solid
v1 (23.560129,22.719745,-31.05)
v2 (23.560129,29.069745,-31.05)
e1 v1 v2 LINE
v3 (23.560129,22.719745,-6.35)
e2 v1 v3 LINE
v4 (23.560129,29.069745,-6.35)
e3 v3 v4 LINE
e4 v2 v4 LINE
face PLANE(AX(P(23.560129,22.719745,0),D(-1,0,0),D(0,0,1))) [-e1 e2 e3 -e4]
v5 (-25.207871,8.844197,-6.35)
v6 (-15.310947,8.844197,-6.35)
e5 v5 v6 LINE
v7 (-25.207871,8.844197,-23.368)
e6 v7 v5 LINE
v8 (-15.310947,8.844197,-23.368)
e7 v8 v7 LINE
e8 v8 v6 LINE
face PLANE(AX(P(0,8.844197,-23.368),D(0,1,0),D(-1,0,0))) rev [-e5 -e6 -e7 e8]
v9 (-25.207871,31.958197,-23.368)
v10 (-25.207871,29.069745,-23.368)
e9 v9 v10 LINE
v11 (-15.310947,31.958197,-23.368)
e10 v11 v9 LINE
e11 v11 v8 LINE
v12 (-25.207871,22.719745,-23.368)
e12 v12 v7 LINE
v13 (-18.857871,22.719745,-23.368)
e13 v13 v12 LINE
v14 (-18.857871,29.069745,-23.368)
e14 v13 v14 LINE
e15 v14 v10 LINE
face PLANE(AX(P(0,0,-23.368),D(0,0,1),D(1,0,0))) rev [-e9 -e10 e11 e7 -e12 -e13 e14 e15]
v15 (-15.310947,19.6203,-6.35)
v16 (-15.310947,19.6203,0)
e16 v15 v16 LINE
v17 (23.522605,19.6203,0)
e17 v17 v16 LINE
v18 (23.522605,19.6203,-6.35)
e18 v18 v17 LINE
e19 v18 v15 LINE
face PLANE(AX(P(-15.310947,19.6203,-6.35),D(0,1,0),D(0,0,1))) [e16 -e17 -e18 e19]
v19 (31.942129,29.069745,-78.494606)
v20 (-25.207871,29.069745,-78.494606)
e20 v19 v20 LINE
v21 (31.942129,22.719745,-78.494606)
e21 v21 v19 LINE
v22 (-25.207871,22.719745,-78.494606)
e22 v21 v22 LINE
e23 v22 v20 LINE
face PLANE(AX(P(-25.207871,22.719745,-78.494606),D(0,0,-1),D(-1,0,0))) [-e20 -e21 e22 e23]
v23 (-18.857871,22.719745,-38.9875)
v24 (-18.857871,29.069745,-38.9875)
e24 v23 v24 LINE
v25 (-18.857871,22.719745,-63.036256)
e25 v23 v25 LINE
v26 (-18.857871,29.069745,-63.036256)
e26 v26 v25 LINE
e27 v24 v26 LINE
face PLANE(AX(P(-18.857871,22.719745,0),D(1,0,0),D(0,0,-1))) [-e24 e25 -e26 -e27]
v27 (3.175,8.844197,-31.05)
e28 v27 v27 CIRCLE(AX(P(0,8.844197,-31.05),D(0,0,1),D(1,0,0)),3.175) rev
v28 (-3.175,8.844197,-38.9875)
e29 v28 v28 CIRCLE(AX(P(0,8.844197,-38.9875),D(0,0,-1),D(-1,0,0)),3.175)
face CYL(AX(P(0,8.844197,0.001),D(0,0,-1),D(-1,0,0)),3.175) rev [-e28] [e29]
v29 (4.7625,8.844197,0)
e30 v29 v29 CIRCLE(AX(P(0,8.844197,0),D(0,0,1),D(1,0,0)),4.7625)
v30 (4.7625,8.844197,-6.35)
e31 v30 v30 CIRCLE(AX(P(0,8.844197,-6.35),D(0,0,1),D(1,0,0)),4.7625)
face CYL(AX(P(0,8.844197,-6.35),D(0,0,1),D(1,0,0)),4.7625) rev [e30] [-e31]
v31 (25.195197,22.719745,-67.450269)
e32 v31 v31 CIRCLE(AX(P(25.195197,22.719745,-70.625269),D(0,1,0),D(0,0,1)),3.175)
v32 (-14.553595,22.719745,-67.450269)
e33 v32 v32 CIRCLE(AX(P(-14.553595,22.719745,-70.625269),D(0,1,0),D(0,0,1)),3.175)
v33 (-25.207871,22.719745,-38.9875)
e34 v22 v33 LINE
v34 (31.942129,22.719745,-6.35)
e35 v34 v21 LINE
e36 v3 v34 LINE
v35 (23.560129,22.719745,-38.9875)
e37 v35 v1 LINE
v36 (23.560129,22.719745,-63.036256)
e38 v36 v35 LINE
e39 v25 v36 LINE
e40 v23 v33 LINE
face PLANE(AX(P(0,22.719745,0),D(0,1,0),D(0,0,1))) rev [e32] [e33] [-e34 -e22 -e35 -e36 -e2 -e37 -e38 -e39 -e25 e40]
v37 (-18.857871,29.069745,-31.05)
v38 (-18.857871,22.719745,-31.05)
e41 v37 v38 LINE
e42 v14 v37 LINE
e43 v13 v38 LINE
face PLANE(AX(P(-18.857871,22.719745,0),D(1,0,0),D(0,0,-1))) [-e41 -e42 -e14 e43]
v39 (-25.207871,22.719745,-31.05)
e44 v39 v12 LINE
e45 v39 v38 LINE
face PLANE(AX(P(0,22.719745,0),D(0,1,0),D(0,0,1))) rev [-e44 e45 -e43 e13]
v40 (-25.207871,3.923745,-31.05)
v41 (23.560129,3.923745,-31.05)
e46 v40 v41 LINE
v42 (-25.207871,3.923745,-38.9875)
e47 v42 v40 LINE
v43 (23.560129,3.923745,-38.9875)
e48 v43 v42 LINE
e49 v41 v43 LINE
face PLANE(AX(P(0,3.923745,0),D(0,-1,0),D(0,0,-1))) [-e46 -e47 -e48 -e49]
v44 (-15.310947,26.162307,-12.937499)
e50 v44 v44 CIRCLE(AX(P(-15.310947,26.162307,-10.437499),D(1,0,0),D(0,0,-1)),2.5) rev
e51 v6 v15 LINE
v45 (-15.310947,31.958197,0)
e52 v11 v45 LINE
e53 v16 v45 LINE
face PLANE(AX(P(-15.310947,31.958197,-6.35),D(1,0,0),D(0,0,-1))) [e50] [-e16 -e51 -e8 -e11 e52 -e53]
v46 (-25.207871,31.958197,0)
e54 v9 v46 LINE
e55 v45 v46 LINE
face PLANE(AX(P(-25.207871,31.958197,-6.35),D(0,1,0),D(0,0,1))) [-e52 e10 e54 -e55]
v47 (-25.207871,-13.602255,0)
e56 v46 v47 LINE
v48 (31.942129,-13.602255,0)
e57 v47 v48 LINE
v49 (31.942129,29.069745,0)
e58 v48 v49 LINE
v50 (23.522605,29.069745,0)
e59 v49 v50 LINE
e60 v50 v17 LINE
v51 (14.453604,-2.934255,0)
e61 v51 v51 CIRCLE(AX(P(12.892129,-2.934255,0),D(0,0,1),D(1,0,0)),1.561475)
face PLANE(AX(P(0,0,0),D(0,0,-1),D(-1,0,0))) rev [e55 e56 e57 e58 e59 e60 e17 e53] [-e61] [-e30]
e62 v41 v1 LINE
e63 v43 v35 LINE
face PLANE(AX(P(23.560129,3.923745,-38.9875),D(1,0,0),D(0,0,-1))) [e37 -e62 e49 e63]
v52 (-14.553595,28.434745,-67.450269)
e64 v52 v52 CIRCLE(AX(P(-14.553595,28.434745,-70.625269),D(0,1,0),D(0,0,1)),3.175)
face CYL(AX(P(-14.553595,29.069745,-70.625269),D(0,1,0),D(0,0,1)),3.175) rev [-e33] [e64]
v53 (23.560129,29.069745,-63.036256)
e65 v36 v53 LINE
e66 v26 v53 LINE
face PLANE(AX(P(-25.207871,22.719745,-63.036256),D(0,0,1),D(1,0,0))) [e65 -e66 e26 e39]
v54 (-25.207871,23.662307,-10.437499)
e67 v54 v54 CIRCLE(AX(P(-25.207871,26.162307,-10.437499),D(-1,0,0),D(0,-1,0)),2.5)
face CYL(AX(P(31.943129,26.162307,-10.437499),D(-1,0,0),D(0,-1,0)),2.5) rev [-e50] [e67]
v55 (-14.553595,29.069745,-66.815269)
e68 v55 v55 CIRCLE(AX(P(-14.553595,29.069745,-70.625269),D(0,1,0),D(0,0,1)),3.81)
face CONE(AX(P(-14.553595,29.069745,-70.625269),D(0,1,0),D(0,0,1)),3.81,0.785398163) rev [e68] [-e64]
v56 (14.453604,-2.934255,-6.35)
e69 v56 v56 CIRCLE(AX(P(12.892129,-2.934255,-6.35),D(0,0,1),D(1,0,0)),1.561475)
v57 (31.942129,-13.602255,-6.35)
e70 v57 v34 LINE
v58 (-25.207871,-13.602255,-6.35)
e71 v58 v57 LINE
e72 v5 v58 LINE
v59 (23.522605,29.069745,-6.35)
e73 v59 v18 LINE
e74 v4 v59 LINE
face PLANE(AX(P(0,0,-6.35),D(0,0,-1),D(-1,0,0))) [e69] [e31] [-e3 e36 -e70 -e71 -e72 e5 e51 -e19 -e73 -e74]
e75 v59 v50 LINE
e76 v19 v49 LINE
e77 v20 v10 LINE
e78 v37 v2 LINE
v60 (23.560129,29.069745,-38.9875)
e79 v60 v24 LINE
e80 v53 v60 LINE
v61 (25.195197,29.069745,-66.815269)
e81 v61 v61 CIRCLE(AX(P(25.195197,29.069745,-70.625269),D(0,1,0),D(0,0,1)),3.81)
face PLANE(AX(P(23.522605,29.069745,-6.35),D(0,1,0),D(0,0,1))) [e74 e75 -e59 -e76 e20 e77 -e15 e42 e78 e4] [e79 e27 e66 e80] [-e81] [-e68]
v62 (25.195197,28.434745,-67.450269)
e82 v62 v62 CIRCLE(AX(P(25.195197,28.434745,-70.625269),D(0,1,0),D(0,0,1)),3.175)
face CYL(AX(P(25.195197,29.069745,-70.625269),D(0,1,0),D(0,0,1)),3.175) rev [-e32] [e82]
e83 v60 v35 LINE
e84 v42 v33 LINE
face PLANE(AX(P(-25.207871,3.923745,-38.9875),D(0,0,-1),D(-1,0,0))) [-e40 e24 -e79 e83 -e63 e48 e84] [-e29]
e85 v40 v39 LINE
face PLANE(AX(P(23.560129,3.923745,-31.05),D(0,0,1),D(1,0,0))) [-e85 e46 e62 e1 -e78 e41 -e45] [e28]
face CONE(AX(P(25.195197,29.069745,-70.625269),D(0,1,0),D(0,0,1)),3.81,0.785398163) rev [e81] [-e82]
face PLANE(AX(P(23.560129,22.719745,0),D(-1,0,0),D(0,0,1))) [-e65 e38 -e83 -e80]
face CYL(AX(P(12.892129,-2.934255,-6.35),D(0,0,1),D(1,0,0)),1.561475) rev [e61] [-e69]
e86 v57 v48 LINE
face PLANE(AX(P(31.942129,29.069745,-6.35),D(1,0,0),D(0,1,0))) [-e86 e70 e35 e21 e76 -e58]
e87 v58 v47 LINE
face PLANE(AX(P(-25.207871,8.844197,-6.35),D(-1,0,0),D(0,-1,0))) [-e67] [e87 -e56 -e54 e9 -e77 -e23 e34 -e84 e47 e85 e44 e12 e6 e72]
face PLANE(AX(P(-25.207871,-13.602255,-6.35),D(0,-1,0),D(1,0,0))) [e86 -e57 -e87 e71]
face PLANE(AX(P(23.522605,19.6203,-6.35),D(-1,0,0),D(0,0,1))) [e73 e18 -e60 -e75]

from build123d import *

# Parameters (mm, degrees)
SKETCH1_R                             = 1.561475409
SKETCH1_R_2                           = 4.762499999
BOSS_EXTRUDE1_DEPTH                   = 6.35
BOSS_EXTRUDE2_DEPTH                   = 23.368
SKETCH3_W                             = 6.35
SKETCH3_H                             = 76.2
SKETCH3_W_2                           = 8.382
BOSS_EXTRUDE3_DEPTH                   = 6.35
CUT_EXTRUDE1_REACH                    = 102.468
SKETCH4_R                             = 2.5
SKETCH5_W                             = 57.15
SKETCH5_H                             = 15.458350333
BOSS_EXTRUDE4_DEPTH                   = 6.35
F_1_4_0_25_DIAMETER_HOLE1_D           = 6.35
F_1_4_0_25_DIAMETER_HOLE1_CSINK_D     = 7.62
F_1_4_0_25_DIAMETER_HOLE1_CSINK_ANGLE = 90
SKETCH8_W                             = 48.768
SKETCH8_H                             = 7.9375
BOSS_EXTRUDE5_DEPTH                   = 25.146
CUT_EXTRUDE2_REACH                    = 62.02
SKETCH10_R                            = 3.175


with BuildPart() as part:
    # Sketch1 → Boss-Extrude1 (new body)
    with BuildSketch(Plane.XY):
        Polygon((23.52260518, 29.069744957), (31.942128684, 29.069744957), (31.942128684, -13.602255043), (-25.207871316, -13.602255043), (-25.207871316, 8.844196721), (-25.207871316, 31.958196721), (-18.857871316, 31.958196721), (-15.310946905, 31.958196721), (-15.310946905, 22.656471706), (-15.310946905, 19.620299994), (23.52260518, 19.620299994), (23.52260518, 22.656471706), align=None)
        with Locations((12.892128684, -2.934255043)):
            Circle(SKETCH1_R, mode=Mode.SUBTRACT)
        with Locations((6.7e-08, 8.844196721)):
            Circle(SKETCH1_R_2, mode=Mode.SUBTRACT)
    extrude(amount=-BOSS_EXTRUDE1_DEPTH)

    # Sketch2 → Boss-Extrude2 (add)
    with BuildSketch(Plane.XY):
        Polygon((-15.310946905, 31.958196721), (-18.857871316, 31.958196721), (-25.207871316, 31.958196721), (-25.207871316, 8.844196721), (-18.857871316, 8.844196721), (-15.310946905, 8.844196721), (-15.310946905, 19.620299994), align=None)
    extrude(amount=-BOSS_EXTRUDE2_DEPTH)

    # Sketch3 → Boss-Extrude3 (add)
    with BuildSketch(Plane(origin=(0, 29.069744957, 0), x_dir=(1, 0, 0), z_dir=(0, 1, 0))):
        with Locations((-22.032871316, 38.1)):
            Rectangle(SKETCH3_W, SKETCH3_H)
        with Locations((27.751128684, 38.1)):
            Rectangle(SKETCH3_W_2, SKETCH3_H)
    extrude(amount=-BOSS_EXTRUDE3_DEPTH)

    # Sketch4 → Cut-Extrude1 (cut, up to next)
    with BuildSketch(Plane.ZY.offset(25.207871316), mode=Mode.PRIVATE) as cut_extrude1_sk1:
        with Locations(Location((-10.437499124, 26.162307082, 0), (0, 0, 270))):
            Circle(SKETCH4_R)
    cut_extrude1_tool1 = extrude(cut_extrude1_sk1.sketch, amount=-CUT_EXTRUDE1_REACH, mode=Mode.PRIVATE) & part.part
    add(cut_extrude1_tool1.solids().sort_by_distance((-25.207871, 26.162307, -10.437499))[0], mode=Mode.SUBTRACT)

    # Sketch5 → Boss-Extrude4 (add)
    with BuildSketch(Plane(origin=(0, 29.069744957, 0), x_dir=(1, 0, 0), z_dir=(0, 1, 0))):
        with Locations((3.367128684, 70.765431119)):
            Rectangle(SKETCH5_W, SKETCH5_H)
    extrude(amount=-BOSS_EXTRUDE4_DEPTH)

    # 1/4 (0.25) Diameter Hole1 (through all)
    with Locations(Plane(origin=(0, 29.069744957, 0), x_dir=(1, 0, 0), z_dir=(0, 1, 0))):
        with Locations((-14.553595262, 70.62526945), (25.19519669, 70.62526945)):
            CounterSinkHole(F_1_4_0_25_DIAMETER_HOLE1_D / 2, F_1_4_0_25_DIAMETER_HOLE1_CSINK_D / 2, counter_sink_angle=F_1_4_0_25_DIAMETER_HOLE1_CSINK_ANGLE)

    # Sketch8 → Boss-Extrude5 (add)
    with BuildSketch(Plane(origin=(0, 29.069744957, 0), x_dir=(1, 0, 0), z_dir=(0, 1, 0))):
        with Locations((-0.823871316, 35.01875)):
            Rectangle(SKETCH8_W, SKETCH8_H)
    extrude(amount=-BOSS_EXTRUDE5_DEPTH)

    # Sketch10 → Cut-Extrude2 (cut, up to next)
    with BuildSketch(Plane(origin=(0, 0, -38.9875), x_dir=(-1, 0, 0), z_dir=(0, 0, -1)), mode=Mode.PRIVATE) as cut_extrude2_sk1:
        with Locations((-6.7e-08, 8.844196721)):
            Circle(SKETCH10_R)
    cut_extrude2_tool1 = extrude(cut_extrude2_sk1.sketch, amount=-CUT_EXTRUDE2_REACH, mode=Mode.PRIVATE) & part.part
    add(cut_extrude2_tool1.solids().sort_by_distance((0, 8.844197, -38.9875))[0], mode=Mode.SUBTRACT)


solid = part.part
